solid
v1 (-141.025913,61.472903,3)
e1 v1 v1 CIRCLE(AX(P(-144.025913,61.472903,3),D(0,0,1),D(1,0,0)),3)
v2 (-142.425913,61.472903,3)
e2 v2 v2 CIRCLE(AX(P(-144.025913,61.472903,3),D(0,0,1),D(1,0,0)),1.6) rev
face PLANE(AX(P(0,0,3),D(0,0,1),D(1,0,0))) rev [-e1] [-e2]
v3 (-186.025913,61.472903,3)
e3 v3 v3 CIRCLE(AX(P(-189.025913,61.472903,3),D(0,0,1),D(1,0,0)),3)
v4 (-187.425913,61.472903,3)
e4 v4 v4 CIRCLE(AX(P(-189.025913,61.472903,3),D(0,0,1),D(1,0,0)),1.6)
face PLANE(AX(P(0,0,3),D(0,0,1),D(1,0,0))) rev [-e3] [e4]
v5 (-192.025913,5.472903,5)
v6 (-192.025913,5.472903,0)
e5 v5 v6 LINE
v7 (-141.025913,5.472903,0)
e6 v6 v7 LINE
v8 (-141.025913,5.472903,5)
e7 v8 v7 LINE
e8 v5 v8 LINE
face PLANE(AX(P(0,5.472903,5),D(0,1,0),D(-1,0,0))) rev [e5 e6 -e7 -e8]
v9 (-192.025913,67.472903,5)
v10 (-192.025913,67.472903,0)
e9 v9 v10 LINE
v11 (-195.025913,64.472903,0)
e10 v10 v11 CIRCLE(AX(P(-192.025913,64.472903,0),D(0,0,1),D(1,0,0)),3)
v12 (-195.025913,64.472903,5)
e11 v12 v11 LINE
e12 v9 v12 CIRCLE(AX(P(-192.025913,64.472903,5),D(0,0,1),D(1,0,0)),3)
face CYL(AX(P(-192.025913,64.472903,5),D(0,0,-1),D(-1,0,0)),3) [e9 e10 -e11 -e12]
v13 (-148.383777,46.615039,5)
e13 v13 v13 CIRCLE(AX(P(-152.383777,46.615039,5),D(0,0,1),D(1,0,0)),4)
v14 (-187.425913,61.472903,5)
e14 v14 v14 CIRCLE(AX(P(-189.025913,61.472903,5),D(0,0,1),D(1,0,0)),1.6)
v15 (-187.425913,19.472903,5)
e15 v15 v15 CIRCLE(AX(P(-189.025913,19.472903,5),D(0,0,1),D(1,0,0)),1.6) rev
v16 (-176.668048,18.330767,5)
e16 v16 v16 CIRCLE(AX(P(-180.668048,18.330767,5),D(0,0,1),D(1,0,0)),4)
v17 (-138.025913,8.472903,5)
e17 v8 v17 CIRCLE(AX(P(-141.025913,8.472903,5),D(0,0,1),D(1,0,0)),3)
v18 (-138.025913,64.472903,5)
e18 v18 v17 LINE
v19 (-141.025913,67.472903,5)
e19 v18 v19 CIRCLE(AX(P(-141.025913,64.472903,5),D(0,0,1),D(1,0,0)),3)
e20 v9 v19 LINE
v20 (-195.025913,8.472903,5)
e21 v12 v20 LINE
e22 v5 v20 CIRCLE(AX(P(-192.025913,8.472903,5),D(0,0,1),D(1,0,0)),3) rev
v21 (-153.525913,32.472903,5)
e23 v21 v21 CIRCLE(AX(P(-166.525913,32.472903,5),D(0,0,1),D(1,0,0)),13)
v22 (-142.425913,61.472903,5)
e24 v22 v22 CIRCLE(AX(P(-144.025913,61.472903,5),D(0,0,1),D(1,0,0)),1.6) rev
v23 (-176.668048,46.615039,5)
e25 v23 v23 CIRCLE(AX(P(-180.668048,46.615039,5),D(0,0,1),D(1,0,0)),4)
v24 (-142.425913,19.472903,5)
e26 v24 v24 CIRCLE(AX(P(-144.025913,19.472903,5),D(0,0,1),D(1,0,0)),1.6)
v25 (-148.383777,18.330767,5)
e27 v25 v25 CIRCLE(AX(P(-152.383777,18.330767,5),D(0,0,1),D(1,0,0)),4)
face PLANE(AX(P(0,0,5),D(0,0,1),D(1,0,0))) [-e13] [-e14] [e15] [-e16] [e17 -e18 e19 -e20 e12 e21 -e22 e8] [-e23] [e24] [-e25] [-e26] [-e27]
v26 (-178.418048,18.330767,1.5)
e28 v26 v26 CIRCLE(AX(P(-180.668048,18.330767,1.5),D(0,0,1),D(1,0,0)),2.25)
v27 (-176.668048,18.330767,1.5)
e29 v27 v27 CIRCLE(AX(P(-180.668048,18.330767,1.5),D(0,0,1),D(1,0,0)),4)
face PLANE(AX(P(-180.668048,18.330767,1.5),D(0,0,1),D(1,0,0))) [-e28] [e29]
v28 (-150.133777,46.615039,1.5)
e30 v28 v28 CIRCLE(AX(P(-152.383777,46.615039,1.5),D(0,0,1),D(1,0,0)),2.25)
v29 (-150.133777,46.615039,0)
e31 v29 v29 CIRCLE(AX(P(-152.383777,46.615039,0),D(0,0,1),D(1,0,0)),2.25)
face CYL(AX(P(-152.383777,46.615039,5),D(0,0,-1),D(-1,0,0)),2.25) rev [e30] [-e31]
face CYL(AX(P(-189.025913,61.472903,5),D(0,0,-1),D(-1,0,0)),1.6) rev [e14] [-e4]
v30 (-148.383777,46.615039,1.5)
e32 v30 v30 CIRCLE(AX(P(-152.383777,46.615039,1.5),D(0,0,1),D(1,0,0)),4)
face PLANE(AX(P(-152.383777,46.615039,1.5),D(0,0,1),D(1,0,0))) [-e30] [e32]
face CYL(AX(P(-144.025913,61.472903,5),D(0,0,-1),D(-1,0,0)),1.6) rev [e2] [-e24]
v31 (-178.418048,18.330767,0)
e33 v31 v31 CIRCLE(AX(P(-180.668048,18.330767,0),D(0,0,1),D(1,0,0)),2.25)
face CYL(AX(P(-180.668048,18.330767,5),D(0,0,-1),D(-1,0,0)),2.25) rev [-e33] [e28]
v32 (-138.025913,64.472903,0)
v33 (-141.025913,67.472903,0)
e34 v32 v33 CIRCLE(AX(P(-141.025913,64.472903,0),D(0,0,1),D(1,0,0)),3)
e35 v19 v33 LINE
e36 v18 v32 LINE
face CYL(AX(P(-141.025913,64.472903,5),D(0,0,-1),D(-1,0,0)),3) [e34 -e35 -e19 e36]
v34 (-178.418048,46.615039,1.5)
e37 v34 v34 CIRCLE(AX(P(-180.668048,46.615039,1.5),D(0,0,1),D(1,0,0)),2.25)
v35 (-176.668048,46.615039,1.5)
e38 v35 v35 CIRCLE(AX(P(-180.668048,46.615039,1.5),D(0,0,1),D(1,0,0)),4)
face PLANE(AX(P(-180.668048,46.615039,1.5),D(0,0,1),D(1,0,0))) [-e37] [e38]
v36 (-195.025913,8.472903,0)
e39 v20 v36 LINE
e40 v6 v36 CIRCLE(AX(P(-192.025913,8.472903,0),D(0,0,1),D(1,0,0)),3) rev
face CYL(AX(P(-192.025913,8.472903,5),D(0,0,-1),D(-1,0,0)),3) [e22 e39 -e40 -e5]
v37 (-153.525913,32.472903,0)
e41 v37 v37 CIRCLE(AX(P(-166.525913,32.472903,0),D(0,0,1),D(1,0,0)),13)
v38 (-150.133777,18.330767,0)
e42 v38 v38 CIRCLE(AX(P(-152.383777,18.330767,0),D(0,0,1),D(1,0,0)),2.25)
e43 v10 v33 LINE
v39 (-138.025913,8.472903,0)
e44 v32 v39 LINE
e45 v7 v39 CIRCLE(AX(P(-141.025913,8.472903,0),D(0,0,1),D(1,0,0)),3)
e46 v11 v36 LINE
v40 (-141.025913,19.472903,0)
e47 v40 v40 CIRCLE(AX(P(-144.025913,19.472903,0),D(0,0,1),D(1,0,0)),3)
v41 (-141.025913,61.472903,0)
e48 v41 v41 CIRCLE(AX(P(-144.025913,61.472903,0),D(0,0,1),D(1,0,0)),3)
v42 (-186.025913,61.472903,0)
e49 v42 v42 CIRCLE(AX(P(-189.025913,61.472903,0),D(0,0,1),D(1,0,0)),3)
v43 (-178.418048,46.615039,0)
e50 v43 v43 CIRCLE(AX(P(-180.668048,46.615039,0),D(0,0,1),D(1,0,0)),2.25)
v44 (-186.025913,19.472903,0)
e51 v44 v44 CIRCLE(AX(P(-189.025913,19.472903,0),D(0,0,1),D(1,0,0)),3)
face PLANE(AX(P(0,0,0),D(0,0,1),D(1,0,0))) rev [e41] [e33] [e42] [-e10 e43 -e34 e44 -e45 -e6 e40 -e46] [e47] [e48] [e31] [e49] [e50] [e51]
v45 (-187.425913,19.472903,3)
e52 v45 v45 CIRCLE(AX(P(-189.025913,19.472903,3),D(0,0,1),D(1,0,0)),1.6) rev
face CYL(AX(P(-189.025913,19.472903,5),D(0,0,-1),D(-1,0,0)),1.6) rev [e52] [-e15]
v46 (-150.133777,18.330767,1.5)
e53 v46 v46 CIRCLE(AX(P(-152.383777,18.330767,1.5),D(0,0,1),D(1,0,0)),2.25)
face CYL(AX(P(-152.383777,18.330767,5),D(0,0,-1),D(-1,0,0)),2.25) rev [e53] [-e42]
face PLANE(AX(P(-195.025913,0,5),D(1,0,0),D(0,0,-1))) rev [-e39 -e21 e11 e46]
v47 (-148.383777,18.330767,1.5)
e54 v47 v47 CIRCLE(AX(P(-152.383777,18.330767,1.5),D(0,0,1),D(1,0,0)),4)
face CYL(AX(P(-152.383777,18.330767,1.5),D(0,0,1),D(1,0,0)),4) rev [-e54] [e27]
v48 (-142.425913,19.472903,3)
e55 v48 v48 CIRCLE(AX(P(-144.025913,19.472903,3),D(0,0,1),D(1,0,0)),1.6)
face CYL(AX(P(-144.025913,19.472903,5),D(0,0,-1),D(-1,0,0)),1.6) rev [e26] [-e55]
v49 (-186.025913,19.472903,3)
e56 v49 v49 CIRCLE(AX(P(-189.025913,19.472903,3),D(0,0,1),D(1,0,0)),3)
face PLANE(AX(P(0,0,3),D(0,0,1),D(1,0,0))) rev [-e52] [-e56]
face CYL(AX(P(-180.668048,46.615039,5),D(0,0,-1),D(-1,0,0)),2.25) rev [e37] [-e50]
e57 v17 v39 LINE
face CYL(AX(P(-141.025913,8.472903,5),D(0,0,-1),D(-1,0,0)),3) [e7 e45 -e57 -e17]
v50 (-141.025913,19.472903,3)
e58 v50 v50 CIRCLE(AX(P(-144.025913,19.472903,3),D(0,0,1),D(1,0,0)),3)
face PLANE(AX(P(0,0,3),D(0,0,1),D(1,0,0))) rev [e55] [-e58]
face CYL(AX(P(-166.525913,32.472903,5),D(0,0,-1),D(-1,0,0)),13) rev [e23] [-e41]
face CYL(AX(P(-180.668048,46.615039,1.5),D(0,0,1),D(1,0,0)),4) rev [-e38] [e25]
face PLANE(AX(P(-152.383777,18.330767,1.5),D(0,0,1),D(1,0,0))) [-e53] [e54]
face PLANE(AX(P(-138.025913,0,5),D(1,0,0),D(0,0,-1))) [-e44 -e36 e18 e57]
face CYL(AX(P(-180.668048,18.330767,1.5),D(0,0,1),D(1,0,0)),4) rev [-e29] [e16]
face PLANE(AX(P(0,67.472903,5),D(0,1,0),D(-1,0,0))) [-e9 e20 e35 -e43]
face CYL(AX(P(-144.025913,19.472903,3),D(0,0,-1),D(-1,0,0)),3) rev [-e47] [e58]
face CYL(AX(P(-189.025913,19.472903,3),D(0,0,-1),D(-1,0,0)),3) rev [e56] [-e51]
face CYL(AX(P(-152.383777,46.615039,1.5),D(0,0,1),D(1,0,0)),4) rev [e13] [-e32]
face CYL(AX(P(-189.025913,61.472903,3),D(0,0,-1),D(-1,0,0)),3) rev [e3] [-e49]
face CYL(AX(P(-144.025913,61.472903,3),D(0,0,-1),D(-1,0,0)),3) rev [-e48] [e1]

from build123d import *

# Parameters (mm, degrees)
SKETCH1_R           = 2.25
SKETCH1_R_2         = 13
SKETCH1_R_3         = 1.6
BOSS_EXTRUDE1_DEPTH = 5
SKETCH1_5_R         = 3
SKETCH1_5_R_2       = 1.6
CUT_EXTRUDE1_DEPTH  = 3
SKETCH2_R           = 4
CUT_EXTRUDE2_DEPTH  = 3.5


with BuildPart() as part:
    # Sketch1 → Boss-Extrude1 (new body)
    with BuildSketch(Plane.XY):
        with BuildLine():
            Line((-141.025912834, 67.472903007), (-192.025912834, 67.472903007))
            ThreePointArc((-192.025912834, 67.472903007), (-194.147233178, 66.59422335), (-195.025912834, 64.472903007))
            Line((-195.025912834, 64.472903007), (-195.025912834, 8.472903007))
            ThreePointArc((-195.025912834, 8.472903007), (-194.147233178, 6.351582663), (-192.025912834, 5.472903007))
            Line((-192.025912834, 5.472903007), (-141.025912834, 5.472903007))
            ThreePointArc((-141.025912834, 5.472903007), (-138.90459249, 6.351582663), (-138.025912834, 8.472903007))
            Line((-138.025912834, 8.472903007), (-138.025912834, 64.472903007))
            ThreePointArc((-138.025912834, 64.472903007), (-138.90459249, 66.59422335), (-141.025912834, 67.472903007))
        make_face()
        with Locations((-180.668048458, 18.330767383)):
            Circle(SKETCH1_R, mode=Mode.SUBTRACT)
        with Locations((-152.38377721, 18.330767383)):
            Circle(SKETCH1_R, mode=Mode.SUBTRACT)
        with Locations((-166.525912834, 32.472903007)):
            Circle(SKETCH1_R_2, mode=Mode.SUBTRACT)
        with Locations((-180.668048458, 46.61503863)):
            Circle(SKETCH1_R, mode=Mode.SUBTRACT)
        with Locations((-152.38377721, 46.61503863)):
            Circle(SKETCH1_R, mode=Mode.SUBTRACT)
        with Locations((-189.025912834, 19.472903007)):
            Circle(SKETCH1_R_3, mode=Mode.SUBTRACT)
        with Locations((-144.025912834, 19.472903007)):
            Circle(SKETCH1_R_3, mode=Mode.SUBTRACT)
        with Locations((-189.025912834, 61.472903007)):
            Circle(SKETCH1_R_3, mode=Mode.SUBTRACT)
        with Locations((-144.025912834, 61.472903007)):
            Circle(SKETCH1_R_3, mode=Mode.SUBTRACT)
    extrude(amount=BOSS_EXTRUDE1_DEPTH)

    # Sketch1<5> → Cut-Extrude1 (cut)
    # profile 1 of 4: a face of its own
    with BuildSketch(Plane.XY):
        with Locations((-144.025912834, 61.472903007)):
            Circle(SKETCH1_5_R)
        with Locations((-144.025912834, 61.472903007)):
            Circle(SKETCH1_5_R_2, mode=Mode.SUBTRACT)
    # profile 2 of 4: a face of its own
    with BuildSketch(Plane.XY):
        with Locations((-189.025912834, 61.472903007)):
            Circle(SKETCH1_5_R)
        with Locations((-189.025912834, 61.472903007)):
            Circle(SKETCH1_5_R_2, mode=Mode.SUBTRACT)
    # profile 3 of 4: a face of its own
    with BuildSketch(Plane.XY):
        with Locations((-189.025912834, 19.472903007)):
            Circle(SKETCH1_5_R)
    # profile 4 of 4: a face of its own
    with BuildSketch(Plane.XY):
        with Locations((-144.025912834, 19.472903007)):
            Circle(SKETCH1_5_R)
        with Locations((-144.025912834, 19.472903007)):
            Circle(SKETCH1_5_R_2, mode=Mode.SUBTRACT)
    extrude(amount=CUT_EXTRUDE1_DEPTH, mode=Mode.SUBTRACT)

    # Sketch2 → Cut-Extrude2 (cut)
    with BuildSketch(Plane.XY.offset(5)):
        with Locations((-180.668048458, 46.61503863)):
            Circle(SKETCH2_R)
        with Locations((-152.38377721, 46.61503863)):
            Circle(SKETCH2_R)
        with Locations((-152.38377721, 18.330767383)):
            Circle(SKETCH2_R)
        with Locations((-180.668048458, 18.330767383)):
            Circle(SKETCH2_R)
    extrude(amount=-CUT_EXTRUDE2_DEPTH, mode=Mode.SUBTRACT)


solid = part.part
